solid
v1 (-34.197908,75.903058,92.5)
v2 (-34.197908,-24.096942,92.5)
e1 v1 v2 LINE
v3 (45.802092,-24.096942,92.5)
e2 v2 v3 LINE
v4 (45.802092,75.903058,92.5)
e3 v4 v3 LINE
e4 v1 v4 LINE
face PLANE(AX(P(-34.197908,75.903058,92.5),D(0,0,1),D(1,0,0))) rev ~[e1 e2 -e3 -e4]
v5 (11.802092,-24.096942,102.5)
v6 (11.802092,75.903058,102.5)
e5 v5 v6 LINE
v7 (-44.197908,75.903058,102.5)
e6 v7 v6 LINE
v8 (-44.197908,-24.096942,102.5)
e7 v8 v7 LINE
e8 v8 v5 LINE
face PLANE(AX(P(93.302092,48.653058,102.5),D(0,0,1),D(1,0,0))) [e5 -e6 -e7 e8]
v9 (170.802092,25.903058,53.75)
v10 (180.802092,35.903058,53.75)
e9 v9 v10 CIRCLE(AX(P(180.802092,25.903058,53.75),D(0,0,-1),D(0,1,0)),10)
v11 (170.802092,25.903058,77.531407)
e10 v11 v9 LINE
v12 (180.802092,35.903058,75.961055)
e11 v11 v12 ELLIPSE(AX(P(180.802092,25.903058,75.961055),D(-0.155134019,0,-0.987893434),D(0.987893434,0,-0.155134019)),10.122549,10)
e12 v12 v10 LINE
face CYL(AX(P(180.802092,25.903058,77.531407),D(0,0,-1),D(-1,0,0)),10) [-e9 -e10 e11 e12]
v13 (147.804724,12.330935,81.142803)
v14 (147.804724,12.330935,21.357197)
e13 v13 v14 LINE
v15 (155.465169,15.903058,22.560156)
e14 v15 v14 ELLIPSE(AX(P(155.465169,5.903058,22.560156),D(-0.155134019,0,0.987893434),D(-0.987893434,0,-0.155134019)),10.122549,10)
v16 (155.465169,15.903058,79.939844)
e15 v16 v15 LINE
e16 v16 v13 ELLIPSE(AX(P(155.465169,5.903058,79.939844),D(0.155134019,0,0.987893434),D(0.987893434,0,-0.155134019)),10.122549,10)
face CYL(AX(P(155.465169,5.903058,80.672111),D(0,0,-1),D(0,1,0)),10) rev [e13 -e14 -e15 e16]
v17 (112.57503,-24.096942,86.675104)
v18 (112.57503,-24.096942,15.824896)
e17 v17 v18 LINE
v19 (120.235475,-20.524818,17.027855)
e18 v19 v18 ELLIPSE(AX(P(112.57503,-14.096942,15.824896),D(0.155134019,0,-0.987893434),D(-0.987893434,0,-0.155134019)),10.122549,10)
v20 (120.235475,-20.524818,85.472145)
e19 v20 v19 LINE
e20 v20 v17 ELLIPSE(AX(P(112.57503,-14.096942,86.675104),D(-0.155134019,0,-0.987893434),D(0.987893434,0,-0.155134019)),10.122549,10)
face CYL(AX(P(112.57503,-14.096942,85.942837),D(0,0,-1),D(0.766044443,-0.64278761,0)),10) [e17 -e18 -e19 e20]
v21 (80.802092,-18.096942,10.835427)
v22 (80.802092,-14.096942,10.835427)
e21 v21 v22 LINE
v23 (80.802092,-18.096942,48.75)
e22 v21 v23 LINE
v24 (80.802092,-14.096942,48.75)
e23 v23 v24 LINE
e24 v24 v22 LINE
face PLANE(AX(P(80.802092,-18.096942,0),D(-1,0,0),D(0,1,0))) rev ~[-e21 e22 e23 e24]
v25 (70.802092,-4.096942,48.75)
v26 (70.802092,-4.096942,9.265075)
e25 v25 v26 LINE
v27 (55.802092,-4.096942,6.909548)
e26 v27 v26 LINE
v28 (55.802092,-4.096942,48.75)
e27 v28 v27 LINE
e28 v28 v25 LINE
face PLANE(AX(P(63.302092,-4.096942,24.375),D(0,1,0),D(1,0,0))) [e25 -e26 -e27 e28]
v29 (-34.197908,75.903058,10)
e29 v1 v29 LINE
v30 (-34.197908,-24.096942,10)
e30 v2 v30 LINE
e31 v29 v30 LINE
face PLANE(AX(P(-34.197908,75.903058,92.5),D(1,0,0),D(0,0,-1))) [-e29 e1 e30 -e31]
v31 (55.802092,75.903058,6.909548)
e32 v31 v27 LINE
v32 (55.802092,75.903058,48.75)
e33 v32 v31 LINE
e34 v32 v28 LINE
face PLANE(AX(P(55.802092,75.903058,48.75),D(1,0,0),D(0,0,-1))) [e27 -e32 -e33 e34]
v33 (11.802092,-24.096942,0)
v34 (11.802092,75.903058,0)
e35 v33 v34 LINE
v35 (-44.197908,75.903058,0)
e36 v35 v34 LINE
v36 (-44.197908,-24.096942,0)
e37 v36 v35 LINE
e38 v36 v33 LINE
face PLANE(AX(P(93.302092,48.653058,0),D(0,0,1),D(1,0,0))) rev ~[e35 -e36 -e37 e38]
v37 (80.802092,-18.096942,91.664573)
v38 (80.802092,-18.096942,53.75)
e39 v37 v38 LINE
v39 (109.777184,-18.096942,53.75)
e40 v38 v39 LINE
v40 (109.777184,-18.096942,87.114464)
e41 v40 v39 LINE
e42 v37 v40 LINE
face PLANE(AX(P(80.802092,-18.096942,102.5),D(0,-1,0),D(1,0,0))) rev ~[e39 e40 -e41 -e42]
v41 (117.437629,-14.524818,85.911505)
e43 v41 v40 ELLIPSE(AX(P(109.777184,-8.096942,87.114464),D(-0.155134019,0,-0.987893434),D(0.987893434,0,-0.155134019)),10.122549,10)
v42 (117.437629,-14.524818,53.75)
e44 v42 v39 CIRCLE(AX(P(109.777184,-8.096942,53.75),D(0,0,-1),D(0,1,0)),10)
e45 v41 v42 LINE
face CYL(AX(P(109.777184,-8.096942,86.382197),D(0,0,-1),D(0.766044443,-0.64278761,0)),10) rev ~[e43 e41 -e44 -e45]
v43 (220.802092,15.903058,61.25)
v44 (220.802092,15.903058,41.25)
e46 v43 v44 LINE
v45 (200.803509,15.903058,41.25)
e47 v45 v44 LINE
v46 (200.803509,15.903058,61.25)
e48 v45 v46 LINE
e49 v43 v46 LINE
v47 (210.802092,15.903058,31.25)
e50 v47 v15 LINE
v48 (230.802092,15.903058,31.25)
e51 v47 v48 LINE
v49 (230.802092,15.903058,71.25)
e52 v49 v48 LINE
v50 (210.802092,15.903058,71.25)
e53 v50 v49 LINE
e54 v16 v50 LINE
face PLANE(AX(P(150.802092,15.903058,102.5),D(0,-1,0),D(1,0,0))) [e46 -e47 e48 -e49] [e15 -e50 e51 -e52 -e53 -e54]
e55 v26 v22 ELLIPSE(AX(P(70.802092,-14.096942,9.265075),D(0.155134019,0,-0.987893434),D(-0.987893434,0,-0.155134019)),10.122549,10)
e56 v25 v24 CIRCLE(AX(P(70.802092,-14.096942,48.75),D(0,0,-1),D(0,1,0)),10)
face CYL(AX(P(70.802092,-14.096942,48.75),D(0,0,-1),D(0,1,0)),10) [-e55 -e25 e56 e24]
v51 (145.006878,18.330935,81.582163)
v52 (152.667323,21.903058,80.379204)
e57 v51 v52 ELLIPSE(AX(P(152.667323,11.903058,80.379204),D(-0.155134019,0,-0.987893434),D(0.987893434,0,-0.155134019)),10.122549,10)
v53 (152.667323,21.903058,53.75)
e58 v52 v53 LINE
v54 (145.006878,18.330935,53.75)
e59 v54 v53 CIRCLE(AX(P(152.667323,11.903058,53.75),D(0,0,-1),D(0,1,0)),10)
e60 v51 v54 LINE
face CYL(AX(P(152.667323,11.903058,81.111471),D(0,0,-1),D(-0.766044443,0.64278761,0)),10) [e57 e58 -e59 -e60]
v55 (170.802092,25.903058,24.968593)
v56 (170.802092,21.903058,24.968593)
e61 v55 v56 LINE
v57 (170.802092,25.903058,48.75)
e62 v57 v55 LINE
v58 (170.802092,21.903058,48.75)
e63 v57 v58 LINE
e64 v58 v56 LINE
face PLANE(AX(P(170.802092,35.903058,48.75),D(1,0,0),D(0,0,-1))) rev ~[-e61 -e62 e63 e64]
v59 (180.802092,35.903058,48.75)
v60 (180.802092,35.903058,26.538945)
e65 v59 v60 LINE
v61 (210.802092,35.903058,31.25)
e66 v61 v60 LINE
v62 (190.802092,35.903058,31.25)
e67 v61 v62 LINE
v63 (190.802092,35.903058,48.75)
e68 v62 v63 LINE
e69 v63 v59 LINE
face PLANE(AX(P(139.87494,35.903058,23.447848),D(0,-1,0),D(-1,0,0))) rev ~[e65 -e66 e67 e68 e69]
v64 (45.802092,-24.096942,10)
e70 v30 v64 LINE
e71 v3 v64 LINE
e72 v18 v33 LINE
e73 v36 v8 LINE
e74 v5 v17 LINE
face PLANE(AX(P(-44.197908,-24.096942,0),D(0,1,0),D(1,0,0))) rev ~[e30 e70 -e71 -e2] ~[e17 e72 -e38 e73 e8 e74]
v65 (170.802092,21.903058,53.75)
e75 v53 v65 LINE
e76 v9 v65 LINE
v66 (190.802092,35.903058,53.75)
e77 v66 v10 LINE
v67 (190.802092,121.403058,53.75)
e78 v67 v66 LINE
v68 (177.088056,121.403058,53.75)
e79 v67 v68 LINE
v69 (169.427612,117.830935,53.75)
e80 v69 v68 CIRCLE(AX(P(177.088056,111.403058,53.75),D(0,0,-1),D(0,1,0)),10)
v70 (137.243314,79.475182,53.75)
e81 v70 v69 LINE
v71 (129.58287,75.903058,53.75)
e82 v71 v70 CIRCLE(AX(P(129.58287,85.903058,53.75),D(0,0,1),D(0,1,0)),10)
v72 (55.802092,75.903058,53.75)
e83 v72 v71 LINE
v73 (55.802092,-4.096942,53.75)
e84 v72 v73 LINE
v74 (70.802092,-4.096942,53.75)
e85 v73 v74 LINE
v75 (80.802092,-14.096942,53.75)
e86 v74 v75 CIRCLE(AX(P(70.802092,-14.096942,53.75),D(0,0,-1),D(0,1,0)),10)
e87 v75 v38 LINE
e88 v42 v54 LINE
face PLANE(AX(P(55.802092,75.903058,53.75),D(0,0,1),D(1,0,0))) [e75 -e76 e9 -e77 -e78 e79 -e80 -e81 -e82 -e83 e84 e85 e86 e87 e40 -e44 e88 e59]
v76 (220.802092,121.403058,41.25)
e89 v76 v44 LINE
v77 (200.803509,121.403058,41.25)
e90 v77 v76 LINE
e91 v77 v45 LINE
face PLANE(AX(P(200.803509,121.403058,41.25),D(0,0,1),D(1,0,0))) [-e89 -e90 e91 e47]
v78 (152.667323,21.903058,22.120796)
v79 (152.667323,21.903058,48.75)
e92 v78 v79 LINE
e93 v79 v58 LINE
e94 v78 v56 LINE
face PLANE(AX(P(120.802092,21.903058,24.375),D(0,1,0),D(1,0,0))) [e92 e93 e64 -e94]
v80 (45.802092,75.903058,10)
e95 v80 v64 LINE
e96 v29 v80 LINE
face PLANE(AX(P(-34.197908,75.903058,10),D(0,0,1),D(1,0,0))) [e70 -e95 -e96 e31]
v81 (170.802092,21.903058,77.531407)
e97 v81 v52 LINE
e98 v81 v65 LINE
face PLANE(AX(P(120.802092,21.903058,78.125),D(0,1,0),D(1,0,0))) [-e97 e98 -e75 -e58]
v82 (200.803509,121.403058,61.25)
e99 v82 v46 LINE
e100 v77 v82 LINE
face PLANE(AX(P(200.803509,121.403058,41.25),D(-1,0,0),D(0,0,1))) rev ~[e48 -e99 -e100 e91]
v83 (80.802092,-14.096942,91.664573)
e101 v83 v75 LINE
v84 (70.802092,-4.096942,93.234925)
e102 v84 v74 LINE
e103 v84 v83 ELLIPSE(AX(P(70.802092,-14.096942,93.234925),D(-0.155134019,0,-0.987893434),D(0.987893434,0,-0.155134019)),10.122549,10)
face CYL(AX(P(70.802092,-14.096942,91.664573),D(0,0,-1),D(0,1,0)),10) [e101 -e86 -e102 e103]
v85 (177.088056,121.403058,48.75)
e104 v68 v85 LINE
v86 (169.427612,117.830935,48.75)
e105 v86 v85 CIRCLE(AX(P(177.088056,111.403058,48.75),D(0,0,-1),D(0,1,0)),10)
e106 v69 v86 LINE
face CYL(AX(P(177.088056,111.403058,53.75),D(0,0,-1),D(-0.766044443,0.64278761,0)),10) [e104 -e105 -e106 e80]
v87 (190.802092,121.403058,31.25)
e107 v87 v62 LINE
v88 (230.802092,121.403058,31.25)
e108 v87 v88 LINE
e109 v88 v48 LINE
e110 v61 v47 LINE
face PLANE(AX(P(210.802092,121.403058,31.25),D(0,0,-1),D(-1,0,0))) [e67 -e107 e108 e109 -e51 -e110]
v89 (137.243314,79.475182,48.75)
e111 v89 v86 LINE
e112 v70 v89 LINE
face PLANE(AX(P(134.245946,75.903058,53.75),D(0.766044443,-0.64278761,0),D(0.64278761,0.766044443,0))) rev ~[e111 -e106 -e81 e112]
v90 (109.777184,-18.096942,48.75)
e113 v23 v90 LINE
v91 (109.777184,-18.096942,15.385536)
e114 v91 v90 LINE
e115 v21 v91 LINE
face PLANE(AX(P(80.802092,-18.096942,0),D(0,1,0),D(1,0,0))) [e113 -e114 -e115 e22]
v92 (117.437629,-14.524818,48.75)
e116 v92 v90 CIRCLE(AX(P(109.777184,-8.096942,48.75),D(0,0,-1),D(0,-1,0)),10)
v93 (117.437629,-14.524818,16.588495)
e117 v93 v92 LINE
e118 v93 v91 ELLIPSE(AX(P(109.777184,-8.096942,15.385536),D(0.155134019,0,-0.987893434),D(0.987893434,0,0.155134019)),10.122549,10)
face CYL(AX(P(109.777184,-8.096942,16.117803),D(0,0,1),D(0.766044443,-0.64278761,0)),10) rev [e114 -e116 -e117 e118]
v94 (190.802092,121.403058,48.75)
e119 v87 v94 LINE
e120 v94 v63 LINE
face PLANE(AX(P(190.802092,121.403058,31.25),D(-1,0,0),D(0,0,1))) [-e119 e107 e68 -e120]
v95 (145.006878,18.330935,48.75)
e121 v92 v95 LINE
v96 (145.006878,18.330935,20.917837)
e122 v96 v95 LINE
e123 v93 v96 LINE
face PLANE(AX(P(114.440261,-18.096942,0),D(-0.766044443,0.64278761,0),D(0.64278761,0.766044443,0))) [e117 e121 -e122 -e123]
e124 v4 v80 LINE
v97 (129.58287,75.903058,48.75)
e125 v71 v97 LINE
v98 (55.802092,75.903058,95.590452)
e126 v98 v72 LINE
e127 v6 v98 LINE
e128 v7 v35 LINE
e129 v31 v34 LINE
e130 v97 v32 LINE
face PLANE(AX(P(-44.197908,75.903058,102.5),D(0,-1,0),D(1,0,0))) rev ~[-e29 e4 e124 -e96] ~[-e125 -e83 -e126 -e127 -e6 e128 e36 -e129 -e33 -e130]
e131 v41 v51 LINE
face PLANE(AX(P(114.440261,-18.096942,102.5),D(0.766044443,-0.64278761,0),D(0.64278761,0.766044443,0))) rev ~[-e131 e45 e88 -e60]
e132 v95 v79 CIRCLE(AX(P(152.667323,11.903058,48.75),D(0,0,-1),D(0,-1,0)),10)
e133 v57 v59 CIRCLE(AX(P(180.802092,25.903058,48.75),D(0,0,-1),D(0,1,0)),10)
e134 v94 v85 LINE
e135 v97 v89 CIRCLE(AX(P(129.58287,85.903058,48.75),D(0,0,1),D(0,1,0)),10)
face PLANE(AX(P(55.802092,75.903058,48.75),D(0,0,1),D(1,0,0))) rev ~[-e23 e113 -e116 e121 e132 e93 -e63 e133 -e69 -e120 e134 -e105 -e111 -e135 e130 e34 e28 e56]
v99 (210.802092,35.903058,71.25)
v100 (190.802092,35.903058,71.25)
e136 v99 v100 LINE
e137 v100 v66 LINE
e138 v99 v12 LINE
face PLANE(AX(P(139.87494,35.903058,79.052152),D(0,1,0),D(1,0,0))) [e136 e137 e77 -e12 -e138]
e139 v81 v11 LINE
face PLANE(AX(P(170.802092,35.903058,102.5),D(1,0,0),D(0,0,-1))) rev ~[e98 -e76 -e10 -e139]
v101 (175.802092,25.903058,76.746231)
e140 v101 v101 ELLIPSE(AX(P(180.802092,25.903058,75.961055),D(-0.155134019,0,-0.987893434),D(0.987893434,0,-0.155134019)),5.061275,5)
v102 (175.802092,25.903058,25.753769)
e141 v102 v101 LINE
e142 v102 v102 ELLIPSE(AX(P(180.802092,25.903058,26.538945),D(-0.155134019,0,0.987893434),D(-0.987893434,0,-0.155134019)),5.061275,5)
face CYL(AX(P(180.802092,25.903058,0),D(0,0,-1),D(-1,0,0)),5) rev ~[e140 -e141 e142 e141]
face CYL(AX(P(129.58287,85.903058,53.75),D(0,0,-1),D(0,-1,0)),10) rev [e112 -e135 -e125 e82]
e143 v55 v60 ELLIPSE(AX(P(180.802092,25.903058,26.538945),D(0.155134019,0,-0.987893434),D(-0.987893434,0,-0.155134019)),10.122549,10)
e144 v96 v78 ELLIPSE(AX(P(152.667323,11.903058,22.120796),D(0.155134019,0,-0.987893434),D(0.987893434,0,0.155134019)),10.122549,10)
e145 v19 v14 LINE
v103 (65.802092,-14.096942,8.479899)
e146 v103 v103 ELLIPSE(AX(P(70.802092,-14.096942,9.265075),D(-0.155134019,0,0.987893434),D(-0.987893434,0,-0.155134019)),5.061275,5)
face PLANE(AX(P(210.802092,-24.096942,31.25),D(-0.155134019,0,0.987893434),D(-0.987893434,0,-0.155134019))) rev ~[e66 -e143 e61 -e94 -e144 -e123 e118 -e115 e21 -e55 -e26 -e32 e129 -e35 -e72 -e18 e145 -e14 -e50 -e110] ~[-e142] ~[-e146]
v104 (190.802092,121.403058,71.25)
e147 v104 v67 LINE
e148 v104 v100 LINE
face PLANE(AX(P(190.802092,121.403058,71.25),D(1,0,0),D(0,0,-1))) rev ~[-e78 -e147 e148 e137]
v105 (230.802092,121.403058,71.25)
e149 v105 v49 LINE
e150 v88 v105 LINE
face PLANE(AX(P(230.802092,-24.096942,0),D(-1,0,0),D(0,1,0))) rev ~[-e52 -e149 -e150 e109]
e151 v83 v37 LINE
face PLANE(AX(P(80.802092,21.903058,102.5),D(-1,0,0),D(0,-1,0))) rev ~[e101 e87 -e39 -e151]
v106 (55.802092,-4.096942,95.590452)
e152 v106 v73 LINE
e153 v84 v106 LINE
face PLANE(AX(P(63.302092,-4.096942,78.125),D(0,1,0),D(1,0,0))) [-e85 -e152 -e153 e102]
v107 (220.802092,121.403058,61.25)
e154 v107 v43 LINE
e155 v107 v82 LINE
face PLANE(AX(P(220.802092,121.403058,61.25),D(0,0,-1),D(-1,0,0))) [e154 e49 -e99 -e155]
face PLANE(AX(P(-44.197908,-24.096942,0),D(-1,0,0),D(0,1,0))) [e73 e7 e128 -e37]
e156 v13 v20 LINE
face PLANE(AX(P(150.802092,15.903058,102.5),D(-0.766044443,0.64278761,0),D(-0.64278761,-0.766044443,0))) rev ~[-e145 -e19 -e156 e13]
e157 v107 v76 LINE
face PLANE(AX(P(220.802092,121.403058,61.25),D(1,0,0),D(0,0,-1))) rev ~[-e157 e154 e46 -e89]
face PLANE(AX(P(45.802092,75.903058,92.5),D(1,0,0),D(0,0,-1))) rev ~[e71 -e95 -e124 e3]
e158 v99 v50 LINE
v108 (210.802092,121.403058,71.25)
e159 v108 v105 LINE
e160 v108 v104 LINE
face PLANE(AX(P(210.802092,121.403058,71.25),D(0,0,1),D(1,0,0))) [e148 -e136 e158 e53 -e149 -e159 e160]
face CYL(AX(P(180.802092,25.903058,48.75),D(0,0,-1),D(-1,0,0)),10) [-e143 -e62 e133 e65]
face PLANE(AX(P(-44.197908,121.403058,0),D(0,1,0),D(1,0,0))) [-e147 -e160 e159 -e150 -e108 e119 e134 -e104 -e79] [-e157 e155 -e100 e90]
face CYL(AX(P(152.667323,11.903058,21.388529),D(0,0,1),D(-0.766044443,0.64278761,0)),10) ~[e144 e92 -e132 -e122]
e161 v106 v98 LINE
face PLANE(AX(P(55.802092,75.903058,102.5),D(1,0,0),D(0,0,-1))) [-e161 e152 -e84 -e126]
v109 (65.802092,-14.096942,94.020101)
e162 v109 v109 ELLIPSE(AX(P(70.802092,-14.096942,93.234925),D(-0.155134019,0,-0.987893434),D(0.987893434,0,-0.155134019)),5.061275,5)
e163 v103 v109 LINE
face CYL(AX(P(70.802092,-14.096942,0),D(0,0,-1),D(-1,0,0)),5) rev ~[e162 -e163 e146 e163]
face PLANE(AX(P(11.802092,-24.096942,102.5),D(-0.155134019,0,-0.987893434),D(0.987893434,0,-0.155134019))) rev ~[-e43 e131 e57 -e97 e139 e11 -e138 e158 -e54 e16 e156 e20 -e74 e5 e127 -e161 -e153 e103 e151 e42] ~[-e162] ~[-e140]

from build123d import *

# Parameters (mm, degrees)
SKETCH1_W           = 275
SKETCH1_H           = 145.5
BOSS_EXTRUDE1_DEPTH = 102.5
SKETCH3_W           = 115
SKETCH3_H           = 45.5
SKETCH3_W_2         = 80
SKETCH3_H_2         = 40
CUT_EXTRUDE1_DEPTH  = 102.5
SKETCH4_W           = 80
SKETCH4_H           = 82.5
CUT_EXTRUDE3_DEPTH  = 100
CUT_EXTRUDE4_DEPTH  = 105.5
SKETCH7_W           = 20
SKETCH7_H           = 31.25
SKETCH7_H_2         = 31.588652779
CUT_EXTRUDE5_DEPTH  = 105.5
CUT_EXTRUDE7_DEPTH  = 85.5
SKETCH10_W          = 100
SKETCH10_H          = 48.75
CUT_EXTRUDE8_DEPTH  = 14
SKETCH11_W          = 100
SKETCH11_H          = 48.75
CUT_EXTRUDE9_DEPTH  = 14
SKETCH12_W          = 10
SKETCH12_H          = 48.75
CUT_EXTRUDE10_DEPTH = 26
SKETCH13_W          = 10
SKETCH13_H          = 48.75
CUT_EXTRUDE12_DEPTH = 26
SKETCH14_W          = 15
SKETCH14_H          = 48.75
CUT_EXTRUDE13_DEPTH = 80
CUT_EXTRUDE14_DEPTH = 102.5
CUT_EXTRUDE15_DEPTH = 48.75
CUT_EXTRUDE16_DEPTH = 48.75
CUT_EXTRUDE17_DEPTH = 5
CUT_EXTRUDE18_DEPTH = 105
SKETCH24_R          = 5
CUT_EXTRUDE19_DEPTH = 105
CUT_EXTRUDE20_DEPTH = 105
FILLET1_R           = 10
FILLET2_R           = 10
FILLET3_R           = 10
FILLET4_R           = 10
FILLET5_R           = 10
FILLET6_R           = 10
FILLET7_R           = 10
FILLET8_R           = 10
FILLET9_R           = 10
FILLET10_R          = 10
FILLET11_R          = 10
FILLET12_R          = 10


with BuildPart() as part:
    # Sketch1 → Boss-Extrude1 (new body)
    with BuildSketch(Plane.XY):
        with Locations((93.302092116, 48.653058441)):
            Rectangle(SKETCH1_W, SKETCH1_H)
    extrude(amount=BOSS_EXTRUDE1_DEPTH)

    # Sketch3 → Cut-Extrude1 (cut)
    with BuildSketch(Plane.XY.offset(102.5)):
        with Locations((13.302092116, 98.653058441)):
            Rectangle(SKETCH3_W, SKETCH3_H)
        with Locations((190.802092116, -4.096941559)):
            Rectangle(SKETCH3_W_2, SKETCH3_H_2)
    extrude(amount=-CUT_EXTRUDE1_DEPTH, mode=Mode.SUBTRACT)

    # Sketch4 → Cut-Extrude3 (cut)
    with BuildSketch(Plane(origin=(0, 75.903058441, 0), x_dir=(1, 0, 0), z_dir=(0, 1, 0))):
        with Locations((5.802092116, -51.25)):
            Rectangle(SKETCH4_W, SKETCH4_H)
    extrude(amount=-CUT_EXTRUDE3_DEPTH, mode=Mode.SUBTRACT)

    # Sketch6 → Cut-Extrude4 (cut)
    with BuildSketch(Plane(origin=(0, 121.403058441, 0), x_dir=(1, 0, 0), z_dir=(0, 1, 0))):
        Polygon((200.803509438, -51.25), (200.803509438, -41.25), (220.802092116, -41.25), (220.802092116, -51.25), (220.802092116, -61.25), (200.803509438, -61.25), align=None)
    extrude(amount=-CUT_EXTRUDE4_DEPTH, mode=Mode.SUBTRACT)

    # Sketch7 → Cut-Extrude5 (cut)
    with BuildSketch(Plane(origin=(0, 121.403058441, 0), x_dir=(1, 0, 0), z_dir=(0, 1, 0))):
        with Locations((220.802092116, -15.625)):
            Rectangle(SKETCH7_W, SKETCH7_H)
        with Locations((220.802092116, -87.04432639)):
            Rectangle(SKETCH7_W, SKETCH7_H_2)
    extrude(amount=-CUT_EXTRUDE5_DEPTH, mode=Mode.SUBTRACT)

    # Sketch8 → Cut-Extrude7 (cut)
    with BuildSketch(Plane(origin=(0, 121.403058441, 0), x_dir=(1, 0, 0), z_dir=(0, 1, 0))):
        Polygon((190.802092116, -31.25), (190.802092116, -48.75), (70.802092116, -48.75), (70.802092116, 0), (210.802092116, 0), (210.802092116, -31.25), align=None)
        Polygon((190.802092116, -71.25), (190.802092116, -53.75), (70.802092116, -53.75), (70.802092116, -102.5), (210.802092116, -102.5), (210.802092116, -71.25), align=None)
    extrude(amount=-CUT_EXTRUDE7_DEPTH, mode=Mode.SUBTRACT)

    # Sketch10 → Cut-Extrude8 (cut)
    with BuildSketch(Plane(origin=(0, 35.903058441, 0), x_dir=(1, 0, 0), z_dir=(0, 1, 0))):
        with Locations((120.802092116, -78.125)):
            Rectangle(SKETCH10_W, SKETCH10_H)
    extrude(amount=-CUT_EXTRUDE8_DEPTH, mode=Mode.SUBTRACT)

    # Sketch11 → Cut-Extrude9 (cut)
    with BuildSketch(Plane(origin=(0, 35.903058441, 0), x_dir=(1, 0, 0), z_dir=(0, 1, 0))):
        with Locations((120.802092116, -24.375)):
            Rectangle(SKETCH11_W, SKETCH11_H)
    extrude(amount=-CUT_EXTRUDE9_DEPTH, mode=Mode.SUBTRACT)

    # Sketch12 → Cut-Extrude10 (cut)
    with BuildSketch(Plane(origin=(0, 21.903058441, 0), x_dir=(1, 0, 0), z_dir=(0, 1, 0))):
        with Locations((75.802092116, -78.125)):
            Rectangle(SKETCH12_W, SKETCH12_H)
    extrude(amount=-CUT_EXTRUDE10_DEPTH, mode=Mode.SUBTRACT)

    # Sketch13 → Cut-Extrude12 (cut)
    with BuildSketch(Plane(origin=(0, 21.903058441, 0), x_dir=(1, 0, 0), z_dir=(0, 1, 0))):
        with Locations((75.802092116, -24.375)):
            Rectangle(SKETCH13_W, SKETCH13_H)
    extrude(amount=-CUT_EXTRUDE12_DEPTH, mode=Mode.SUBTRACT)

    # Sketch14 → Cut-Extrude13 (cut)
    with BuildSketch(Plane(origin=(0, 75.903058441, 0), x_dir=(1, 0, 0), z_dir=(0, 1, 0))):
        with Locations((63.302092116, -78.125)):
            Rectangle(SKETCH14_W, SKETCH14_H)
        with Locations((63.302092116, -24.375)):
            Rectangle(SKETCH14_W, SKETCH14_H)
    extrude(amount=-CUT_EXTRUDE13_DEPTH, mode=Mode.SUBTRACT)

    # Sketch16 → Cut-Extrude14 (cut)
    with BuildSketch(Plane.XY.offset(102.5)):
        Polygon((150.802092116, 15.903058441), (117.238106869, -24.096941559), (150.802092116, -24.096941559), align=None)
    extrude(amount=-CUT_EXTRUDE14_DEPTH, mode=Mode.SUBTRACT)

    # Sketch17 → Cut-Extrude15 (cut)
    with BuildSketch(Plane.XY.offset(102.5)):
        Polygon((80.802092116, -4.096941559), (80.802092116, -18.096941559), (114.44026092, -18.096941559), (148.004246167, 21.903058441), (80.802092116, 21.903058441), align=None)
    extrude(amount=-CUT_EXTRUDE15_DEPTH, mode=Mode.SUBTRACT)

    # Sketch18 → Cut-Extrude16 (cut)
    with BuildSketch(Plane(origin=(0, 0, 0), x_dir=(-1, 0, 0), z_dir=(0, 0, -1))):
        Polygon((-80.802092116, -4.096941559), (-80.802092116, -18.096941559), (-114.44026092, -18.096941559), (-148.004246167, 21.903058441), (-80.802092116, 21.903058441), align=None)
    extrude(amount=-CUT_EXTRUDE16_DEPTH, mode=Mode.SUBTRACT)

    # Sketch19 → Cut-Extrude17 (cut)
    with BuildSketch(Plane.XY.offset(53.75)):
        Polygon((70.802092116, 75.903058441), (134.245946408, 75.903058441), (172.424979627, 121.403058441), (70.802092116, 121.403058441), align=None)
    extrude(amount=-CUT_EXTRUDE17_DEPTH, mode=Mode.SUBTRACT)

    # Sketch23 → Cut-Extrude18 (cut)
    with BuildSketch(Plane.XZ.offset(24.096941559)):
        Polygon((11.802092116, 102.5), (210.802092116, 71.25), (210.802092116, 102.5), align=None)
    extrude(amount=-CUT_EXTRUDE18_DEPTH, mode=Mode.SUBTRACT)

    # Sketch24 → Cut-Extrude19 (cut)
    with BuildSketch(Plane(origin=(0, 0, 0), x_dir=(-1, 0, 0), z_dir=(0, 0, -1))):
        with Locations((-180.802092116, 25.903058441)):
            Circle(SKETCH24_R)
        with Locations((-70.802092116, -14.096941559)):
            Circle(SKETCH24_R)
    extrude(amount=-CUT_EXTRUDE19_DEPTH, mode=Mode.SUBTRACT)

    # Sketch25 → Cut-Extrude20 (cut)
    with BuildSketch(Plane.XZ.offset(24.096941559)):
        Polygon((11.802092116, 0), (210.802092116, 0), (210.802092116, 31.25), align=None)
    extrude(amount=-CUT_EXTRUDE20_DEPTH, mode=Mode.SUBTRACT)

    # Fillet1
    fillet1_edges = [part.edges().sort_by_distance(p)[0] for p in [
        (80.802092116, -4.096941559, 72.707286432),
    ]]
    fillet(fillet1_edges, radius=FILLET1_R)

    # Fillet2
    fillet2_edges = [part.edges().sort_by_distance(p)[0] for p in [
        (148.004246167, 21.903058441, 67.430735392),
    ]]
    fillet(fillet2_edges, radius=FILLET2_R)

    # Fillet3
    fillet3_edges = [part.edges().sort_by_distance(p)[0] for p in [
        (170.802092116, 35.903058441, 65.640703518),
    ]]
    fillet(fillet3_edges, radius=FILLET3_R)

    # Fillet4
    fillet4_edges = [part.edges().sort_by_distance(p)[0] for p in [
        (80.802092116, -4.096941559, 29.792713568),
    ]]
    fillet(fillet4_edges, radius=FILLET4_R)

    # Fillet5
    fillet5_edges = [part.edges().sort_by_distance(p)[0] for p in [
        (148.004246167, 21.903058441, 35.069264608),
    ]]
    fillet(fillet5_edges, radius=FILLET5_R)

    # Fillet6
    fillet6_edges = [part.edges().sort_by_distance(p)[0] for p in [
        (170.802092116, 35.903058441, 36.859296482),
    ]]
    fillet(fillet6_edges, radius=FILLET6_R)

    # Fillet7
    fillet7_edges = [part.edges().sort_by_distance(p)[0] for p in [
        (114.44026092, -18.096941559, 32.433901445),
    ]]
    fillet(fillet7_edges, radius=FILLET7_R)

    # Fillet8
    fillet8_edges = [part.edges().sort_by_distance(p)[0] for p in [
        (114.44026092, -18.096941559, 70.066098555),
    ]]
    fillet(fillet8_edges, radius=FILLET8_R)

    # Fillet9
    fillet9_edges = [part.edges().sort_by_distance(p)[0] for p in [
        (134.245946408, 75.903058441, 51.25),
    ]]
    fillet(fillet9_edges, radius=FILLET9_R)

    # Fillet10
    fillet10_edges = [part.edges().sort_by_distance(p)[0] for p in [
        (172.424979627, 121.403058441, 51.25),
    ]]
    fillet(fillet10_edges, radius=FILLET10_R)

    # Fillet11
    fillet11_edges = [part.edges().sort_by_distance(p)[0] for p in [
        (150.802092116, 15.903058441, 51.25),
    ]]
    fillet(fillet11_edges, radius=FILLET11_R)

    # Fillet12
    fillet12_edges = [part.edges().sort_by_distance(p)[0] for p in [
        (117.238106869, -24.096941559, 51.25),
    ]]
    fillet(fillet12_edges, radius=FILLET12_R)


solid = part.part
